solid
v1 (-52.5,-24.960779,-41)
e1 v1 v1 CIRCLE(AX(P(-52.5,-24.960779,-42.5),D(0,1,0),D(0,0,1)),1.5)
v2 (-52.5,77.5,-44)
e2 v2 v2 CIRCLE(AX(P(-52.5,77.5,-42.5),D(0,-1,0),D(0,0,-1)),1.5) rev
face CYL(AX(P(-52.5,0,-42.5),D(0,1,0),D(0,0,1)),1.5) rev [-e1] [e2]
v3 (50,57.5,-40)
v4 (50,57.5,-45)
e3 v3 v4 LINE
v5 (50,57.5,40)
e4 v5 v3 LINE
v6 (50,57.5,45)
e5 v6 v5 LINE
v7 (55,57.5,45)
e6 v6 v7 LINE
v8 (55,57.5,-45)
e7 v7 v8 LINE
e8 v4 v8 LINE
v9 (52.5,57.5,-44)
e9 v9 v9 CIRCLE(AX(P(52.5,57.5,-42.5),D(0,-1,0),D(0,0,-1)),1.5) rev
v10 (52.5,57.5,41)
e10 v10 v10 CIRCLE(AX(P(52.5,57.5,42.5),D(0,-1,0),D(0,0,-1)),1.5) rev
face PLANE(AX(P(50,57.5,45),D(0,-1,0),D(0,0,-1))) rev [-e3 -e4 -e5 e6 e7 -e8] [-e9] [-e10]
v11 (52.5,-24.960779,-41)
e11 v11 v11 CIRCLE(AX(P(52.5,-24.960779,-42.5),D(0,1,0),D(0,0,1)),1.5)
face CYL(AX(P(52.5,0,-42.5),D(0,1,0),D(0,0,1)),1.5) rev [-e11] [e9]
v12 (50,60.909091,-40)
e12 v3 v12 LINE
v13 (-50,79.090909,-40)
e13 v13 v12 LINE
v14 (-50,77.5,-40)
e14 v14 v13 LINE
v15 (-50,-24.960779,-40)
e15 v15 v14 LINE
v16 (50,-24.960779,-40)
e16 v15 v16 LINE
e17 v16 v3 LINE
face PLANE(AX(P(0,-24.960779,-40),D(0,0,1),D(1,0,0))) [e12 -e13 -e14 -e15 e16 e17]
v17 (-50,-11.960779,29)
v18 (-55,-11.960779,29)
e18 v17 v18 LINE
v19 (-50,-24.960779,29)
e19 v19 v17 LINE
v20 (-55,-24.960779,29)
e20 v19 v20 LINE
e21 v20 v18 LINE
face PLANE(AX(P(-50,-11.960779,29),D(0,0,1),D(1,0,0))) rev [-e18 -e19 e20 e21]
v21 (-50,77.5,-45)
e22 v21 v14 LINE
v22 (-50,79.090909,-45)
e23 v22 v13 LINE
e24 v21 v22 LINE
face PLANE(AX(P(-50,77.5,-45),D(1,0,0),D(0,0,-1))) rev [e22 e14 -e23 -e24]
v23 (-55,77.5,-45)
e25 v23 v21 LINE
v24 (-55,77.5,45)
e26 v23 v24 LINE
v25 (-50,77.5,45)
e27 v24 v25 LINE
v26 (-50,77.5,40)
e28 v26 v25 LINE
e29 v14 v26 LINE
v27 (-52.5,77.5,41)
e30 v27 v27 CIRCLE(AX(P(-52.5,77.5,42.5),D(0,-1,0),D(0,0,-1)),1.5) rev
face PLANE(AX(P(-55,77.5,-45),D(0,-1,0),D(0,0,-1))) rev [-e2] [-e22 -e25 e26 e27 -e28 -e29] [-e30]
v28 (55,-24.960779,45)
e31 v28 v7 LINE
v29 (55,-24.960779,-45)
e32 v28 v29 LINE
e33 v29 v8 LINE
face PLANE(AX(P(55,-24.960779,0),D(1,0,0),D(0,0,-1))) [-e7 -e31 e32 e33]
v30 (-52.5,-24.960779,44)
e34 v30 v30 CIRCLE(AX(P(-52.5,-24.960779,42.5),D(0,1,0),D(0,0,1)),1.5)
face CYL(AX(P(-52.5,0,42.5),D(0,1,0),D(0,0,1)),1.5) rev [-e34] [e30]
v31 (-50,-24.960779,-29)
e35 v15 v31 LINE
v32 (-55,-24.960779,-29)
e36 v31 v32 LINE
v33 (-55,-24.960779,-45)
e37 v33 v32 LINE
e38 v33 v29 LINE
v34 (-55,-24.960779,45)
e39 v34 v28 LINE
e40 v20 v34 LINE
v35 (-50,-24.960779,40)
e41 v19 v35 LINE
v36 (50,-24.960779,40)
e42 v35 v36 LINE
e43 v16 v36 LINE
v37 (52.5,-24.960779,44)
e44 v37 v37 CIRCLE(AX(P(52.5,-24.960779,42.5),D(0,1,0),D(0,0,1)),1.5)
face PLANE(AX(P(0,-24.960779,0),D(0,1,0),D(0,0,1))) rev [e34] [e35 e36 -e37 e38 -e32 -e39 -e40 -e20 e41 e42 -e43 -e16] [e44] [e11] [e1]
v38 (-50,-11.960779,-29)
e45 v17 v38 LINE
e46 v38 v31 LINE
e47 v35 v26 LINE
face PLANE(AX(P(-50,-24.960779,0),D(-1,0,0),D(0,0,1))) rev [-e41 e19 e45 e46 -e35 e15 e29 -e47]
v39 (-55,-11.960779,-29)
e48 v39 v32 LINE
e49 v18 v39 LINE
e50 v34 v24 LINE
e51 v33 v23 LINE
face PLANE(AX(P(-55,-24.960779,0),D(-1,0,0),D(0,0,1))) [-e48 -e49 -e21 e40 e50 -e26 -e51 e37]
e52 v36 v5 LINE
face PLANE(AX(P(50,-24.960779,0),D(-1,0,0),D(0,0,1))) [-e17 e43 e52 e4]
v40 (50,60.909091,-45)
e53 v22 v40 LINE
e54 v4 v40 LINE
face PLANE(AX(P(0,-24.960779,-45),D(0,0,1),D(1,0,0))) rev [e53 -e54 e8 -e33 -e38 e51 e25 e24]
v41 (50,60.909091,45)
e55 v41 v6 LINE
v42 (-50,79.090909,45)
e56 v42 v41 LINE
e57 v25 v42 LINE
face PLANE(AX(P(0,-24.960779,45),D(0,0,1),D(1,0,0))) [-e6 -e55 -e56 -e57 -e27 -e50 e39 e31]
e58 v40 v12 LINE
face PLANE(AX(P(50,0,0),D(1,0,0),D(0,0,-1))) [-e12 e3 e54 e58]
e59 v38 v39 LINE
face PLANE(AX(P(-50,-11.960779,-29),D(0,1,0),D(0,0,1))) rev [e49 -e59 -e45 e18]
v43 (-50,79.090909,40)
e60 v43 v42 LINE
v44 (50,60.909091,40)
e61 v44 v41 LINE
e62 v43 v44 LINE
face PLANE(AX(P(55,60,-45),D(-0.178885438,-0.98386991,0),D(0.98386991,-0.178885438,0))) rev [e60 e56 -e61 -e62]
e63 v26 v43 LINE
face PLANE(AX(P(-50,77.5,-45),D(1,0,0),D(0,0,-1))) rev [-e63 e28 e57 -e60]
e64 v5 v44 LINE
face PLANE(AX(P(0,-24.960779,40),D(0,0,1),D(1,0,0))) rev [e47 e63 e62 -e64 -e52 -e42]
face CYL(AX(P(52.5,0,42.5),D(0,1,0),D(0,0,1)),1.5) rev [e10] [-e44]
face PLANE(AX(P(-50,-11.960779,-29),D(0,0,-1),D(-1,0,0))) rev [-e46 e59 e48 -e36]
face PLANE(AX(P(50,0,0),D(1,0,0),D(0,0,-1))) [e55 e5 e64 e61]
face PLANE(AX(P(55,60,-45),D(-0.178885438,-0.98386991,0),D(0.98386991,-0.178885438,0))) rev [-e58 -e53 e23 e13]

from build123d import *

# Parameters (mm, degrees)
BOSS_EXTRUDE3_DEPTH      = 80
BOSS_EXTRUDE3_DEPTH_BACK = 24.960779397
SKETCH1_W                = 110
SKETCH1_H                = 90
SKETCH1_W_2              = 100
SKETCH1_H_2              = 80
SKETCH2_R                = 1.5
CUT_EXTRUDE1_DEPTH       = 80
SKETCH3_R                = 1.5
CUT_EXTRUDE2_DEPTH       = 80
SKETCH4_R                = 1.5
CUT_EXTRUDE3_DEPTH       = 80
SKETCH5_R                = 1.5
CUT_EXTRUDE4_DEPTH       = 80
CUT_EXTRUDE5_DEPTH       = 90
SKETCH7_W                = 90
SKETCH7_H                = 2.5
CUT_EXTRUDE7_DEPTH       = 5
CUT_EXTRUDE8_DEPTH       = 90
CUT_EXTRUDE11_DEPTH      = 90
SKETCH4_3_R              = 1.5
CUT_EXTRUDE17_DEPTH      = 105
SKETCH5_3_R              = 1.5
CUT_EXTRUDE18_DEPTH      = 105
SKETCH3_3_R              = 1.5
CUT_EXTRUDE19_DEPTH      = 105
SKETCH2_3_R              = 1.5
CUT_EXTRUDE20_DEPTH      = 105
SKETCH20_W               = 58
SKETCH20_H               = 13
CUT_EXTRUDE21_DEPTH      = 5


with BuildPart() as part:
    # Sketch1 → Boss-Extrude3 (new, two sides: drawn at the far end of the back side and taken through both)
    with BuildSketch(Plane(origin=(0, 0, 0), x_dir=(1, 0, 0), z_dir=(0, 1, 0)).offset(-BOSS_EXTRUDE3_DEPTH_BACK)):
        Rectangle(SKETCH1_W, SKETCH1_H)
        Rectangle(SKETCH1_W_2, SKETCH1_H_2, mode=Mode.SUBTRACT)
    extrude(amount=BOSS_EXTRUDE3_DEPTH + BOSS_EXTRUDE3_DEPTH_BACK)

    # Sketch2 → Cut-Extrude1 (cut)
    with BuildSketch(Plane(origin=(0, 80, 0), x_dir=(1, 0, 0), z_dir=(0, 1, 0))):
        with Locations((-52.5, 42.5)):
            Circle(SKETCH2_R)
    extrude(amount=-CUT_EXTRUDE1_DEPTH, mode=Mode.SUBTRACT)

    # Sketch3 → Cut-Extrude2 (cut)
    with BuildSketch(Plane(origin=(0, 80, 0), x_dir=(1, 0, 0), z_dir=(0, 1, 0))):
        with Locations((52.5, 42.5)):
            Circle(SKETCH3_R)
    extrude(amount=-CUT_EXTRUDE2_DEPTH, mode=Mode.SUBTRACT)

    # Sketch4 → Cut-Extrude3 (cut)
    with BuildSketch(Plane(origin=(0, 80, 0), x_dir=(1, 0, 0), z_dir=(0, 1, 0))):
        with Locations((-52.5, -42.5)):
            Circle(SKETCH4_R)
    extrude(amount=-CUT_EXTRUDE3_DEPTH, mode=Mode.SUBTRACT)

    # Sketch5 → Cut-Extrude4 (cut)
    with BuildSketch(Plane(origin=(0, 80, 0), x_dir=(1, 0, 0), z_dir=(0, 1, 0))):
        with Locations((52.5, -42.5)):
            Circle(SKETCH5_R)
    extrude(amount=-CUT_EXTRUDE4_DEPTH, mode=Mode.SUBTRACT)

    # Sketch6 → Cut-Extrude5 (cut)
    with BuildSketch(Plane.XY.offset(45)):
        Polygon((-55, 80), (55, 80), (55, 60), align=None)
    extrude(amount=-CUT_EXTRUDE5_DEPTH, mode=Mode.SUBTRACT)

    # Sketch7 → Cut-Extrude7 (cut)
    with BuildSketch(Plane(origin=(55, 0, 0), x_dir=(0, 0, -1), z_dir=(1, 0, 0))):
        with Locations((0, 58.75)):
            Rectangle(SKETCH7_W, SKETCH7_H)
    extrude(amount=-CUT_EXTRUDE7_DEPTH, mode=Mode.SUBTRACT)

    # Sketch8 → Cut-Extrude8 (cut)
    with BuildSketch(Plane.XY.offset(45)):
        Polygon((50, 60), (55, 60), (50, 60.909090909), align=None)
    extrude(amount=-CUT_EXTRUDE8_DEPTH, mode=Mode.SUBTRACT)

    # Sketch9 → Cut-Extrude11 (cut)
    with BuildSketch(Plane.XY.offset(45)):
        Polygon((-55, 80), (-55, 77.5), (-50, 77.5), (-50, 79.090909091), align=None)
    extrude(amount=-CUT_EXTRUDE11_DEPTH, mode=Mode.SUBTRACT)

    # Sketch4<3> → Cut-Extrude17 (cut)
    with BuildSketch(Plane(origin=(0, 80, 0), x_dir=(1, 0, 0), z_dir=(0, 1, 0))):
        with Locations((-52.5, -42.5)):
            Circle(SKETCH4_3_R)
    extrude(amount=-CUT_EXTRUDE17_DEPTH, mode=Mode.SUBTRACT)

    # Sketch5<3> → Cut-Extrude18 (cut)
    with BuildSketch(Plane(origin=(0, 80, 0), x_dir=(1, 0, 0), z_dir=(0, 1, 0))):
        with Locations((52.5, -42.5)):
            Circle(SKETCH5_3_R)
    extrude(amount=-CUT_EXTRUDE18_DEPTH, mode=Mode.SUBTRACT)

    # Sketch3<3> → Cut-Extrude19 (cut)
    with BuildSketch(Plane(origin=(0, 80, 0), x_dir=(1, 0, 0), z_dir=(0, 1, 0))):
        with Locations((52.5, 42.5)):
            Circle(SKETCH3_3_R)
    extrude(amount=-CUT_EXTRUDE19_DEPTH, mode=Mode.SUBTRACT)

    # Sketch2<3> → Cut-Extrude20 (cut)
    with BuildSketch(Plane(origin=(0, 80, 0), x_dir=(1, 0, 0), z_dir=(0, 1, 0))):
        with Locations((-52.5, 42.5)):
            Circle(SKETCH2_3_R)
    extrude(amount=-CUT_EXTRUDE20_DEPTH, mode=Mode.SUBTRACT)

    # Sketch20 → Cut-Extrude21 (cut)
    with BuildSketch(Plane.ZY.offset(55)):
        with Locations((0, -18.460779397)):
            Rectangle(SKETCH20_W, SKETCH20_H)
    extrude(amount=-CUT_EXTRUDE21_DEPTH, mode=Mode.SUBTRACT)


solid = part.part
